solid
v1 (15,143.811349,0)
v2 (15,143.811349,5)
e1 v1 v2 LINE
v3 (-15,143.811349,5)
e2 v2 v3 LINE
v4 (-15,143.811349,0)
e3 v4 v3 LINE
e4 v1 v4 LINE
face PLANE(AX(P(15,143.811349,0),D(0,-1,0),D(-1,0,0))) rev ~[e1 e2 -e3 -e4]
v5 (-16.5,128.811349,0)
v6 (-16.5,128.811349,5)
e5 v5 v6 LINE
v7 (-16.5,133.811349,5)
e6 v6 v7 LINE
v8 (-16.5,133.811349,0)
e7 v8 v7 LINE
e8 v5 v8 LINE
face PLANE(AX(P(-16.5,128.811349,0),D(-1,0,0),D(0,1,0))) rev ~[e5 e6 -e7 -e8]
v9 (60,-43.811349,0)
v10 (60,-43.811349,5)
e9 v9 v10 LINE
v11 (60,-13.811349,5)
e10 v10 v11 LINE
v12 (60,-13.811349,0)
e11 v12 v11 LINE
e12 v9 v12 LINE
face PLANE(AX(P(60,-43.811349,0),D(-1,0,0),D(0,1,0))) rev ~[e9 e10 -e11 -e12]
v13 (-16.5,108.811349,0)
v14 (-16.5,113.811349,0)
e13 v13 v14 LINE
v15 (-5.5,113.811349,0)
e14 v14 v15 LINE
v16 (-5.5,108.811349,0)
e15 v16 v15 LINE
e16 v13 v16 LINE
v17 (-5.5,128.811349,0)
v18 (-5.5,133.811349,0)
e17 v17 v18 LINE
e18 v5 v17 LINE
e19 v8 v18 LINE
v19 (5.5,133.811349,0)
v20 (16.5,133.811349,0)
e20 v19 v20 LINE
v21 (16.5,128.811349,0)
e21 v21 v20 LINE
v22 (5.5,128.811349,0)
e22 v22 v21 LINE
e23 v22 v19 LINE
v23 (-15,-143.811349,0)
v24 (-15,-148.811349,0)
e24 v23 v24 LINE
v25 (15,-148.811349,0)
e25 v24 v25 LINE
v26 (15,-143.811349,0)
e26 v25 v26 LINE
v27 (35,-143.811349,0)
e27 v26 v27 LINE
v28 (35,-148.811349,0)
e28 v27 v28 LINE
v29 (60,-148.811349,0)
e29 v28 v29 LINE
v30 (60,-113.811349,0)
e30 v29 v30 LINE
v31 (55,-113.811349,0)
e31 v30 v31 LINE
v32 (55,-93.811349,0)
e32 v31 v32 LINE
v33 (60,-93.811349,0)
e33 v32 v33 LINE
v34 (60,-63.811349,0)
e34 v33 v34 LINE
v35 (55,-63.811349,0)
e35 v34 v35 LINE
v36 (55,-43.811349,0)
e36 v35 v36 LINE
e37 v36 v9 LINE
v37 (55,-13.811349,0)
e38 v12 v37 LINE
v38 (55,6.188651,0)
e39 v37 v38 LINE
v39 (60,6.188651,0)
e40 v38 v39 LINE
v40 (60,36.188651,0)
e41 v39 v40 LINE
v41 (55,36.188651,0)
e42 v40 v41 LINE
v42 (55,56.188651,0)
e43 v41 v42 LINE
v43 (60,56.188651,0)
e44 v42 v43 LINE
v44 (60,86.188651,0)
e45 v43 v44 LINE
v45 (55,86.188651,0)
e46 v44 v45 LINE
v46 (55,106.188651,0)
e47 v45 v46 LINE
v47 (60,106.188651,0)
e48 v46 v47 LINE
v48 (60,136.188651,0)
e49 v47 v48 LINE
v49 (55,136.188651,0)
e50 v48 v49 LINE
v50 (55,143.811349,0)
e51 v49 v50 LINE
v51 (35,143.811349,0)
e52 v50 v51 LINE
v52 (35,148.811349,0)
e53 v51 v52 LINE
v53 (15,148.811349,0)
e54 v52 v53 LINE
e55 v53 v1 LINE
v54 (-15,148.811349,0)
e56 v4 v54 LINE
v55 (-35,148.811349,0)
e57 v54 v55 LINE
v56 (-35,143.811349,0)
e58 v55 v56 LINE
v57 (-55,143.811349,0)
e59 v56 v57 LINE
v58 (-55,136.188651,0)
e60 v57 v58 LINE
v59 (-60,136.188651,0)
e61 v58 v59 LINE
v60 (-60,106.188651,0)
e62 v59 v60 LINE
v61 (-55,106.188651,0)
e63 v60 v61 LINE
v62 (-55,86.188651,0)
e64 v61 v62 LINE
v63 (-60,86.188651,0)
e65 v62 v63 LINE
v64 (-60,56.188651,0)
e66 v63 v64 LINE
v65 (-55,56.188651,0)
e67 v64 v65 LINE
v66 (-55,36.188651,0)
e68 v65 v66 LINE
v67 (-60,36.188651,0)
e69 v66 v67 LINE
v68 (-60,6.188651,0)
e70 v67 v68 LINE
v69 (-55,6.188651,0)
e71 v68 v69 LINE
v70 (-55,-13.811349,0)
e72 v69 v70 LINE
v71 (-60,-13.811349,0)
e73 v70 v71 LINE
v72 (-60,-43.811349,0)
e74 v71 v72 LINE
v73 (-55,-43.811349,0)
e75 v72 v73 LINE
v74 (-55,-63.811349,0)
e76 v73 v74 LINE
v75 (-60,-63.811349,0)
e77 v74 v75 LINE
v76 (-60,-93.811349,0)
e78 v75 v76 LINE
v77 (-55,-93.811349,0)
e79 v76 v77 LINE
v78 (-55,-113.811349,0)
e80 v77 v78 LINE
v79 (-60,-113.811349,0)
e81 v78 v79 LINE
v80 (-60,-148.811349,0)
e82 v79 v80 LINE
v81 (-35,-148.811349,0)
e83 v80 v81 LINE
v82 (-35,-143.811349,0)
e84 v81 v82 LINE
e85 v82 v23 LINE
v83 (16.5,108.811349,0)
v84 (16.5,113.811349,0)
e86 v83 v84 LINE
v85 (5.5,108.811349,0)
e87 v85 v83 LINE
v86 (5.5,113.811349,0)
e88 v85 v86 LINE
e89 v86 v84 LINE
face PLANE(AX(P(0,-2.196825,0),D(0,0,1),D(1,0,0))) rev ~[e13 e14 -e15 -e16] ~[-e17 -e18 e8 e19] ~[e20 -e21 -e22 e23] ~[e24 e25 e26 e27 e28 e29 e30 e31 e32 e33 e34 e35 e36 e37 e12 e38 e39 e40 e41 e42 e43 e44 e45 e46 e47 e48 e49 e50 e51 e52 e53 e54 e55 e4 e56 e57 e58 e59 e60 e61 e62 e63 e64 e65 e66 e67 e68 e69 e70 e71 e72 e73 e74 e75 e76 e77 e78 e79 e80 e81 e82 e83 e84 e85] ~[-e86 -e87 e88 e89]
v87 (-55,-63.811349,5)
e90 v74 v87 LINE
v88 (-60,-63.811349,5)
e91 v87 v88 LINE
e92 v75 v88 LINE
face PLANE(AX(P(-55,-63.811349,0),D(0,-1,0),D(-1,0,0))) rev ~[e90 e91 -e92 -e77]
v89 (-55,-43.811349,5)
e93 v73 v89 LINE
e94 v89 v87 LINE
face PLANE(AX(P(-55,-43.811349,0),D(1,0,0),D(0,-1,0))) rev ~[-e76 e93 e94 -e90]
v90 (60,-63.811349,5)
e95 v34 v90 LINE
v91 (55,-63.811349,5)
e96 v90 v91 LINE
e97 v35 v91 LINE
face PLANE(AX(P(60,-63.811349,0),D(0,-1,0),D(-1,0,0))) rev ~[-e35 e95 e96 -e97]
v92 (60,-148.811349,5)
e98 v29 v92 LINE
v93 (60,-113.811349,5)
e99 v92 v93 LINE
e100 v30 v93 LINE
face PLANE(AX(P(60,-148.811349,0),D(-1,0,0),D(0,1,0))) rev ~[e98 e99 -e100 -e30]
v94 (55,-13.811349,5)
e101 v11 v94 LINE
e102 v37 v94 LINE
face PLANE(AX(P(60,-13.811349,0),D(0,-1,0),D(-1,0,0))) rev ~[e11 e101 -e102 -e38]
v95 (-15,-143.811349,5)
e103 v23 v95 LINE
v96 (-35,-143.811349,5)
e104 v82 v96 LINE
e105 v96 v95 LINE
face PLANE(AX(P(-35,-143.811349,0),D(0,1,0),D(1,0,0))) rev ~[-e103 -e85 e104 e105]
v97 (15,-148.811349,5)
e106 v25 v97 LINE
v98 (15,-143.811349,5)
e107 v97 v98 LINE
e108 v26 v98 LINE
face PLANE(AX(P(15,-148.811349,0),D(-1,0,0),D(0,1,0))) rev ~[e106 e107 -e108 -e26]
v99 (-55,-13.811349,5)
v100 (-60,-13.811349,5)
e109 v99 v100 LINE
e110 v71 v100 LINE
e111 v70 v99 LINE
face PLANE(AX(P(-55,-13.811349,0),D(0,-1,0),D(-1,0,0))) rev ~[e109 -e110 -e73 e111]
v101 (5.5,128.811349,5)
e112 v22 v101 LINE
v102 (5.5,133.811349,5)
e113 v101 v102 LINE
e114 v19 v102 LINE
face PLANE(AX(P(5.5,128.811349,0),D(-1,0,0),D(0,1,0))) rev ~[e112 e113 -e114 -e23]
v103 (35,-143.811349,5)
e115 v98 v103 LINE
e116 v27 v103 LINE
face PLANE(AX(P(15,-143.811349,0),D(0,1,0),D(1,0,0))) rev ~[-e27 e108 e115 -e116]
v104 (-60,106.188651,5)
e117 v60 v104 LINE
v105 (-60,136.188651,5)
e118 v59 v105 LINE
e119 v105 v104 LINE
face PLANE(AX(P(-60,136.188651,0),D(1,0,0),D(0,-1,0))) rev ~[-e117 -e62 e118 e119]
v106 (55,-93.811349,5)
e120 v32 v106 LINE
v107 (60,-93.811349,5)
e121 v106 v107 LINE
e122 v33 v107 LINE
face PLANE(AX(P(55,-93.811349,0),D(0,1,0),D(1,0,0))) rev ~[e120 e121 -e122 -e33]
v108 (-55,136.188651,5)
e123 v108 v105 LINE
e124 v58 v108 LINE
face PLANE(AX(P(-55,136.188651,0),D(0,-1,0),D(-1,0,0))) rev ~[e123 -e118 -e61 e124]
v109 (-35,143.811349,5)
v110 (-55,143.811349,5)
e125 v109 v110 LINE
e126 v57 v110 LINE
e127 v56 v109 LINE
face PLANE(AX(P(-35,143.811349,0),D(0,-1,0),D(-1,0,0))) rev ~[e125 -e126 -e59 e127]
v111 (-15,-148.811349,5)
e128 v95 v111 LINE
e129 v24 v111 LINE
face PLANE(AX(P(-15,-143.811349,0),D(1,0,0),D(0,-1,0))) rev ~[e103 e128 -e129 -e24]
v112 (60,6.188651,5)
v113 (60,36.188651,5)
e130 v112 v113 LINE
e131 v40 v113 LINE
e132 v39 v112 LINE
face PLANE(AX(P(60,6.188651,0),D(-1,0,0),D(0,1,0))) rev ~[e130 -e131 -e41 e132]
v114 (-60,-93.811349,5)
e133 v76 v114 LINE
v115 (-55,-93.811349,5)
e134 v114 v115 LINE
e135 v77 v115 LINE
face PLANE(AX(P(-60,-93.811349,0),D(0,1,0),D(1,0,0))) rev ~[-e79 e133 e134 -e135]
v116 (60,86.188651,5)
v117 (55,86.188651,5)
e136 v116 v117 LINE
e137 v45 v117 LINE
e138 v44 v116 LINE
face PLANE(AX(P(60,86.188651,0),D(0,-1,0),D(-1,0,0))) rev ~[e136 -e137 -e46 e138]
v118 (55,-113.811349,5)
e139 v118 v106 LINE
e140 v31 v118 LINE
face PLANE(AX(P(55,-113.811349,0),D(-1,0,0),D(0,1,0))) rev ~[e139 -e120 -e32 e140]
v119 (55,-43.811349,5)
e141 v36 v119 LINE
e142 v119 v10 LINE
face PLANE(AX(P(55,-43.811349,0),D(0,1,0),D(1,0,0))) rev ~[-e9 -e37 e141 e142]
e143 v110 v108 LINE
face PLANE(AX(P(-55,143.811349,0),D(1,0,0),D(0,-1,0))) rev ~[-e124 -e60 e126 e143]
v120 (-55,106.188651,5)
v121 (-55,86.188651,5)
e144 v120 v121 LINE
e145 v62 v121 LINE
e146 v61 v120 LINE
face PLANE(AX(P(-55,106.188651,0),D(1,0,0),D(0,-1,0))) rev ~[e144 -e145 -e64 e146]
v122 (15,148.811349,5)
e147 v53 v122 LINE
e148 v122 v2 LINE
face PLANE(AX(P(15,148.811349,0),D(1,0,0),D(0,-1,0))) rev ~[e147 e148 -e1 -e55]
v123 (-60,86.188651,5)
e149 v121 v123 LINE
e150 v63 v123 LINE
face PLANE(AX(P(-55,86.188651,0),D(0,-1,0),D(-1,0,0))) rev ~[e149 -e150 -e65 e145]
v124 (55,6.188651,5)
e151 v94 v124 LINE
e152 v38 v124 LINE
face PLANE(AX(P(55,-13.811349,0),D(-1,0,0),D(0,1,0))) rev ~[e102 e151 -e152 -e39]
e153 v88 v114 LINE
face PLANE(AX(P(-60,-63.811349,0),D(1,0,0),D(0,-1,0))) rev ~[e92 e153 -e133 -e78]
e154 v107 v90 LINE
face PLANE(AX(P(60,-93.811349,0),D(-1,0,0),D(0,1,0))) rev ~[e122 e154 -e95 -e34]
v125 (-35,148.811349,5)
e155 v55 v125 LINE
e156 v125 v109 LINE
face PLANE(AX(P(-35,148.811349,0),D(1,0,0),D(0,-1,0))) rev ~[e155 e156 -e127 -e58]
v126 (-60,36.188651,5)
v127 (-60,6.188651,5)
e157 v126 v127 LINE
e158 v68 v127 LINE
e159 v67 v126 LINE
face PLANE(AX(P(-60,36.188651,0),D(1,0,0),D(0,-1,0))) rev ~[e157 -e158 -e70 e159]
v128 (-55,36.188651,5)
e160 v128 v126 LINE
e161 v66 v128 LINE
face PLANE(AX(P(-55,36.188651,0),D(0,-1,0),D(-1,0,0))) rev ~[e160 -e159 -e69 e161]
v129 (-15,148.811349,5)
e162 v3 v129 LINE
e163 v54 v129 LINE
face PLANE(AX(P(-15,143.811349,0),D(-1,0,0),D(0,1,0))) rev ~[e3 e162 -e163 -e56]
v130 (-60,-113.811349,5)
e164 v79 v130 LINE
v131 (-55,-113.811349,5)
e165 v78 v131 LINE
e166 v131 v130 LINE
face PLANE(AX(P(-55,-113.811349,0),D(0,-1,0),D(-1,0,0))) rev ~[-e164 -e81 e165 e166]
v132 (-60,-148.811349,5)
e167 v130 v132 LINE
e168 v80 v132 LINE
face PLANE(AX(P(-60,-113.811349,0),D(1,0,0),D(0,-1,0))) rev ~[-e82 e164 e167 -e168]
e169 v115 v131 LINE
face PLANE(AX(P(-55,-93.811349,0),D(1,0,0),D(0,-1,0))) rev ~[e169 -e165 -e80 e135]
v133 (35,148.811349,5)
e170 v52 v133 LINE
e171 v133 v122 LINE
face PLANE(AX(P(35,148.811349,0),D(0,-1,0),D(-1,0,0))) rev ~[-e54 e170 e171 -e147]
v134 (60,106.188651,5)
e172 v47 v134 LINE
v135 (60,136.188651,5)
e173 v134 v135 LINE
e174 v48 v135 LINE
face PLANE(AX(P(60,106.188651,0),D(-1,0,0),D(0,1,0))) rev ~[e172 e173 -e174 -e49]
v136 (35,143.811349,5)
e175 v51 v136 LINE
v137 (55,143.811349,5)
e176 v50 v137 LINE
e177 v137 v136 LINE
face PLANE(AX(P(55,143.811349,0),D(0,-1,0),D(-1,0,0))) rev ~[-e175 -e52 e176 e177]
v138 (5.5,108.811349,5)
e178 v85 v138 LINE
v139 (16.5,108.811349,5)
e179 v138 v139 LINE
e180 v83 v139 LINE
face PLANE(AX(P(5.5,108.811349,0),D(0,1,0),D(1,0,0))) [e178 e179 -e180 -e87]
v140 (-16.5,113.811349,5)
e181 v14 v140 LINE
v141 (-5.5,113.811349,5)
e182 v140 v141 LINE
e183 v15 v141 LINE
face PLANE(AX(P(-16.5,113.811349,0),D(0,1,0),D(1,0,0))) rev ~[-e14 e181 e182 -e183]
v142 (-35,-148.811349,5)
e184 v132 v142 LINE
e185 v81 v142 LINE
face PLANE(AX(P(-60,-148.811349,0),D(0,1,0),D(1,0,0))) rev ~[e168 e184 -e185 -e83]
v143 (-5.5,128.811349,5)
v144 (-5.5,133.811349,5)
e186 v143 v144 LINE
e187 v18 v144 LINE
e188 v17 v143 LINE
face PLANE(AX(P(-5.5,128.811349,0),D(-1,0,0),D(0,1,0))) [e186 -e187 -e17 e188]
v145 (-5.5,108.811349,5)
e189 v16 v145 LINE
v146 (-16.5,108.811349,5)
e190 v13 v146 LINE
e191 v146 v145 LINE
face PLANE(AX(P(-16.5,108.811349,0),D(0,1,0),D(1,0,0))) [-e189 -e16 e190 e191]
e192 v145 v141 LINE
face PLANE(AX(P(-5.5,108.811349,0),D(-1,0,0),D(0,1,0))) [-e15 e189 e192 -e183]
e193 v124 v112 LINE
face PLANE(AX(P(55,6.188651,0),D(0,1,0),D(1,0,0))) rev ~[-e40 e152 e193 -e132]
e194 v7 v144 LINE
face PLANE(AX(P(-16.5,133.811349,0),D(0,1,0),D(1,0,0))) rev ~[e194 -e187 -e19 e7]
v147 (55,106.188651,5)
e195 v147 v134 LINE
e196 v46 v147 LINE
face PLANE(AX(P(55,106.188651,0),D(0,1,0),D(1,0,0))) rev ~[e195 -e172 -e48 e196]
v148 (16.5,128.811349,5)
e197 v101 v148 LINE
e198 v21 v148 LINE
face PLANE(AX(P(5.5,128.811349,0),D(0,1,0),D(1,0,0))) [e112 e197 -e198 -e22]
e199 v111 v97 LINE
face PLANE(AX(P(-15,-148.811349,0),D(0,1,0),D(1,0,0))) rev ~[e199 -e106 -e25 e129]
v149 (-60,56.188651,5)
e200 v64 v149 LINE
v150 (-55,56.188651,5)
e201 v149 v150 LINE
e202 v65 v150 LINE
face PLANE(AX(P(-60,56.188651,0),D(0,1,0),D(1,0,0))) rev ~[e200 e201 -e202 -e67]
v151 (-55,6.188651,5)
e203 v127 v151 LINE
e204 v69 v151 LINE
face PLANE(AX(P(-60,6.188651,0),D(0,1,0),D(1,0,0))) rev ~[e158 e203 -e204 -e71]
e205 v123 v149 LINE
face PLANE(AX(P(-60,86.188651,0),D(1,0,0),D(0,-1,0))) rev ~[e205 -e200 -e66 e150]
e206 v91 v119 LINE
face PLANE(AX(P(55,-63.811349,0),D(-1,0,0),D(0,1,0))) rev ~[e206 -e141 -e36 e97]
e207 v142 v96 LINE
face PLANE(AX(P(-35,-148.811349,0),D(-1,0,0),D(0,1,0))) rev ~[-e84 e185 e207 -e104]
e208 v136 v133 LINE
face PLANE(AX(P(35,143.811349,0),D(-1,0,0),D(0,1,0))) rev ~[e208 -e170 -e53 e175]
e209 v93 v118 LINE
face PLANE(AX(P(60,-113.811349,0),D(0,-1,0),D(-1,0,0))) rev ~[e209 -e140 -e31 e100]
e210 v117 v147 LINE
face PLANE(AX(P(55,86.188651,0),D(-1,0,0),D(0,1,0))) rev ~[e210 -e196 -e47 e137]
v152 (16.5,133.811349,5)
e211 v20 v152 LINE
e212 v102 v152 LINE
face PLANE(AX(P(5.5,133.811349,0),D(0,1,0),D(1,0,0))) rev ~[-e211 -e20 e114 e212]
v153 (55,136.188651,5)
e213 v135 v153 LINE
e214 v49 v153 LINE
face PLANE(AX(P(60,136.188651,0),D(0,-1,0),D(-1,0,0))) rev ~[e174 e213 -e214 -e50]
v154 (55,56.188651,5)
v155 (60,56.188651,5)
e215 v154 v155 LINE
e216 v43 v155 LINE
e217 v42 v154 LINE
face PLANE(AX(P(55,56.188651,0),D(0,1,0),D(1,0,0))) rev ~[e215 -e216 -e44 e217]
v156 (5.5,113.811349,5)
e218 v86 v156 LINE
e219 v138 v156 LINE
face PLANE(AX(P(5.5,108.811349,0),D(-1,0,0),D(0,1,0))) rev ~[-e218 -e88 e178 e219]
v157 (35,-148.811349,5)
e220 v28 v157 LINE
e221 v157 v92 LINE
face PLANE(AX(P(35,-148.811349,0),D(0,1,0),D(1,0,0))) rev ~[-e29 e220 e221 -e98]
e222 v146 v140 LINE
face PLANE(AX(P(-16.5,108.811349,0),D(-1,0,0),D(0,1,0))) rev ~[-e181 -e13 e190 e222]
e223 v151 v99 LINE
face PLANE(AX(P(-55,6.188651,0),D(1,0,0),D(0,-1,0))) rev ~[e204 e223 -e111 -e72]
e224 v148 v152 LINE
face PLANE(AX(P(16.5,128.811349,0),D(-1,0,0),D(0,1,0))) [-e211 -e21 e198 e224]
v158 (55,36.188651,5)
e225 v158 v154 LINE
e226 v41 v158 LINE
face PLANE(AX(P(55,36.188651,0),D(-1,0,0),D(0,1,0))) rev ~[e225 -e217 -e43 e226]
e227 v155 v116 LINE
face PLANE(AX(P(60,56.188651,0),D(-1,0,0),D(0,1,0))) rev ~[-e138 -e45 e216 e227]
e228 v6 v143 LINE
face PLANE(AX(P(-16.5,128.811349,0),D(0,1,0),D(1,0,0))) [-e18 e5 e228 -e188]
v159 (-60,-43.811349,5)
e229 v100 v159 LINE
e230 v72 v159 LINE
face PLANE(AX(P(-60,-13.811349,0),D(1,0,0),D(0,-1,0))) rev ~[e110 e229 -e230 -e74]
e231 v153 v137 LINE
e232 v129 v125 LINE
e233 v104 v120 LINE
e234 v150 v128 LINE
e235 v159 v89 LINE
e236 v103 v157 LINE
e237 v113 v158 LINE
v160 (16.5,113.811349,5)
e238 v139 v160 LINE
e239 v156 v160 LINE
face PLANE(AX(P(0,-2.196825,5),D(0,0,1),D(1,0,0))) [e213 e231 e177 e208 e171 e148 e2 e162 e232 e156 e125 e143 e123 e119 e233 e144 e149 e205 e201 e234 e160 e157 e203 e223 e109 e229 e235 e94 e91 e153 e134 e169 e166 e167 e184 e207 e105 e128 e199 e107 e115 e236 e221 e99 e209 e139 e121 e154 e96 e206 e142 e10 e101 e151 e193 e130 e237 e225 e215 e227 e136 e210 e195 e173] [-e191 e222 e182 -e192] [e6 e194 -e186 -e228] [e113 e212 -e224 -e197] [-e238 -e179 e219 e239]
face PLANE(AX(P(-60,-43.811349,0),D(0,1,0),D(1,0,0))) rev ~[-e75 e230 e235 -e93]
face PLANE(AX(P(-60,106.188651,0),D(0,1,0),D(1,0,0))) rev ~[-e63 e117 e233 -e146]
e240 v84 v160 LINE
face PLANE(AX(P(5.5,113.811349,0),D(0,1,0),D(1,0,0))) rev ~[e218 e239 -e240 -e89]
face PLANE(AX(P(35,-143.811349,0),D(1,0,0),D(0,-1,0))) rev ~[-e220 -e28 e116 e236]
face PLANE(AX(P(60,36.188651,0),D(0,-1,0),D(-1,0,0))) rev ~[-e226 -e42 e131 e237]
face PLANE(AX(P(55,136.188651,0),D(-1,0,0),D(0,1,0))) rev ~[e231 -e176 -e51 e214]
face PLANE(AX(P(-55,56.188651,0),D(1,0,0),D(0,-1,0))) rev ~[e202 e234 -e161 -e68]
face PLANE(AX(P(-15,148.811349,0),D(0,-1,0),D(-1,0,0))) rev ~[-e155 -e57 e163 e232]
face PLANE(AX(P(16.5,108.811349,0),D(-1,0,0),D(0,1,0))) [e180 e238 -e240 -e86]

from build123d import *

# Parameters (mm, degrees)
F0_W     = 11
F0_H     = 5
F1_DEPTH = 5


with BuildPart() as f1:
    # F0 (on Top) → F1 (new body)
    with BuildSketch(Plane.XY):
        Polygon((55, 136.188651), (55, 143.811349), (35, 143.811349), (35, 148.811349), (15, 148.811349), (15, 143.811349), (-15, 143.811349), (-15, 148.811349), (-35, 148.811349), (-35, 143.811349), (-55, 143.811349), (-55, 136.188651), (-60, 136.188651), (-60, 106.188651), (-55, 106.188651), (-55, 86.188651), (-60, 86.188651), (-60, 56.188651), (-55, 56.188651), (-55, 36.188651), (-60, 36.188651), (-60, 6.188651), (-55, 6.188651), (-55, -13.811349), (-60, -13.811349), (-60, -43.811349), (-55, -43.811349), (-55, -63.811349), (-60, -63.811349), (-60, -93.811349), (-55, -93.811349), (-55, -113.811349), (-60, -113.811349), (-60, -148.811349), (-35, -148.811349), (-35, -143.811349), (-15, -143.811349), (-15, -148.811349), (15, -148.811349), (15, -143.811349), (35, -143.811349), (35, -148.811349), (60, -148.811349), (60, -113.811349), (55, -113.811349), (55, -93.811349), (60, -93.811349), (60, -63.811349), (55, -63.811349), (55, -43.811349), (60, -43.811349), (60, -13.811349), (55, -13.811349), (55, 6.188651), (60, 6.188651), (60, 36.188651), (55, 36.188651), (55, 56.188651), (60, 56.188651), (60, 86.188651), (55, 86.188651), (55, 106.188651), (60, 106.188651), (60, 136.188651), align=None)
        with Locations((-11, 111.311349)):
            Rectangle(F0_W, F0_H, mode=Mode.SUBTRACT)
        with Locations((-11, 131.311349)):
            Rectangle(F0_W, F0_H, mode=Mode.SUBTRACT)
        with Locations((11, 111.311349)):
            Rectangle(F0_W, F0_H, mode=Mode.SUBTRACT)
        with Locations((11, 131.311349)):
            Rectangle(F0_W, F0_H, mode=Mode.SUBTRACT)
    extrude(amount=F1_DEPTH)


solid = f1.part
